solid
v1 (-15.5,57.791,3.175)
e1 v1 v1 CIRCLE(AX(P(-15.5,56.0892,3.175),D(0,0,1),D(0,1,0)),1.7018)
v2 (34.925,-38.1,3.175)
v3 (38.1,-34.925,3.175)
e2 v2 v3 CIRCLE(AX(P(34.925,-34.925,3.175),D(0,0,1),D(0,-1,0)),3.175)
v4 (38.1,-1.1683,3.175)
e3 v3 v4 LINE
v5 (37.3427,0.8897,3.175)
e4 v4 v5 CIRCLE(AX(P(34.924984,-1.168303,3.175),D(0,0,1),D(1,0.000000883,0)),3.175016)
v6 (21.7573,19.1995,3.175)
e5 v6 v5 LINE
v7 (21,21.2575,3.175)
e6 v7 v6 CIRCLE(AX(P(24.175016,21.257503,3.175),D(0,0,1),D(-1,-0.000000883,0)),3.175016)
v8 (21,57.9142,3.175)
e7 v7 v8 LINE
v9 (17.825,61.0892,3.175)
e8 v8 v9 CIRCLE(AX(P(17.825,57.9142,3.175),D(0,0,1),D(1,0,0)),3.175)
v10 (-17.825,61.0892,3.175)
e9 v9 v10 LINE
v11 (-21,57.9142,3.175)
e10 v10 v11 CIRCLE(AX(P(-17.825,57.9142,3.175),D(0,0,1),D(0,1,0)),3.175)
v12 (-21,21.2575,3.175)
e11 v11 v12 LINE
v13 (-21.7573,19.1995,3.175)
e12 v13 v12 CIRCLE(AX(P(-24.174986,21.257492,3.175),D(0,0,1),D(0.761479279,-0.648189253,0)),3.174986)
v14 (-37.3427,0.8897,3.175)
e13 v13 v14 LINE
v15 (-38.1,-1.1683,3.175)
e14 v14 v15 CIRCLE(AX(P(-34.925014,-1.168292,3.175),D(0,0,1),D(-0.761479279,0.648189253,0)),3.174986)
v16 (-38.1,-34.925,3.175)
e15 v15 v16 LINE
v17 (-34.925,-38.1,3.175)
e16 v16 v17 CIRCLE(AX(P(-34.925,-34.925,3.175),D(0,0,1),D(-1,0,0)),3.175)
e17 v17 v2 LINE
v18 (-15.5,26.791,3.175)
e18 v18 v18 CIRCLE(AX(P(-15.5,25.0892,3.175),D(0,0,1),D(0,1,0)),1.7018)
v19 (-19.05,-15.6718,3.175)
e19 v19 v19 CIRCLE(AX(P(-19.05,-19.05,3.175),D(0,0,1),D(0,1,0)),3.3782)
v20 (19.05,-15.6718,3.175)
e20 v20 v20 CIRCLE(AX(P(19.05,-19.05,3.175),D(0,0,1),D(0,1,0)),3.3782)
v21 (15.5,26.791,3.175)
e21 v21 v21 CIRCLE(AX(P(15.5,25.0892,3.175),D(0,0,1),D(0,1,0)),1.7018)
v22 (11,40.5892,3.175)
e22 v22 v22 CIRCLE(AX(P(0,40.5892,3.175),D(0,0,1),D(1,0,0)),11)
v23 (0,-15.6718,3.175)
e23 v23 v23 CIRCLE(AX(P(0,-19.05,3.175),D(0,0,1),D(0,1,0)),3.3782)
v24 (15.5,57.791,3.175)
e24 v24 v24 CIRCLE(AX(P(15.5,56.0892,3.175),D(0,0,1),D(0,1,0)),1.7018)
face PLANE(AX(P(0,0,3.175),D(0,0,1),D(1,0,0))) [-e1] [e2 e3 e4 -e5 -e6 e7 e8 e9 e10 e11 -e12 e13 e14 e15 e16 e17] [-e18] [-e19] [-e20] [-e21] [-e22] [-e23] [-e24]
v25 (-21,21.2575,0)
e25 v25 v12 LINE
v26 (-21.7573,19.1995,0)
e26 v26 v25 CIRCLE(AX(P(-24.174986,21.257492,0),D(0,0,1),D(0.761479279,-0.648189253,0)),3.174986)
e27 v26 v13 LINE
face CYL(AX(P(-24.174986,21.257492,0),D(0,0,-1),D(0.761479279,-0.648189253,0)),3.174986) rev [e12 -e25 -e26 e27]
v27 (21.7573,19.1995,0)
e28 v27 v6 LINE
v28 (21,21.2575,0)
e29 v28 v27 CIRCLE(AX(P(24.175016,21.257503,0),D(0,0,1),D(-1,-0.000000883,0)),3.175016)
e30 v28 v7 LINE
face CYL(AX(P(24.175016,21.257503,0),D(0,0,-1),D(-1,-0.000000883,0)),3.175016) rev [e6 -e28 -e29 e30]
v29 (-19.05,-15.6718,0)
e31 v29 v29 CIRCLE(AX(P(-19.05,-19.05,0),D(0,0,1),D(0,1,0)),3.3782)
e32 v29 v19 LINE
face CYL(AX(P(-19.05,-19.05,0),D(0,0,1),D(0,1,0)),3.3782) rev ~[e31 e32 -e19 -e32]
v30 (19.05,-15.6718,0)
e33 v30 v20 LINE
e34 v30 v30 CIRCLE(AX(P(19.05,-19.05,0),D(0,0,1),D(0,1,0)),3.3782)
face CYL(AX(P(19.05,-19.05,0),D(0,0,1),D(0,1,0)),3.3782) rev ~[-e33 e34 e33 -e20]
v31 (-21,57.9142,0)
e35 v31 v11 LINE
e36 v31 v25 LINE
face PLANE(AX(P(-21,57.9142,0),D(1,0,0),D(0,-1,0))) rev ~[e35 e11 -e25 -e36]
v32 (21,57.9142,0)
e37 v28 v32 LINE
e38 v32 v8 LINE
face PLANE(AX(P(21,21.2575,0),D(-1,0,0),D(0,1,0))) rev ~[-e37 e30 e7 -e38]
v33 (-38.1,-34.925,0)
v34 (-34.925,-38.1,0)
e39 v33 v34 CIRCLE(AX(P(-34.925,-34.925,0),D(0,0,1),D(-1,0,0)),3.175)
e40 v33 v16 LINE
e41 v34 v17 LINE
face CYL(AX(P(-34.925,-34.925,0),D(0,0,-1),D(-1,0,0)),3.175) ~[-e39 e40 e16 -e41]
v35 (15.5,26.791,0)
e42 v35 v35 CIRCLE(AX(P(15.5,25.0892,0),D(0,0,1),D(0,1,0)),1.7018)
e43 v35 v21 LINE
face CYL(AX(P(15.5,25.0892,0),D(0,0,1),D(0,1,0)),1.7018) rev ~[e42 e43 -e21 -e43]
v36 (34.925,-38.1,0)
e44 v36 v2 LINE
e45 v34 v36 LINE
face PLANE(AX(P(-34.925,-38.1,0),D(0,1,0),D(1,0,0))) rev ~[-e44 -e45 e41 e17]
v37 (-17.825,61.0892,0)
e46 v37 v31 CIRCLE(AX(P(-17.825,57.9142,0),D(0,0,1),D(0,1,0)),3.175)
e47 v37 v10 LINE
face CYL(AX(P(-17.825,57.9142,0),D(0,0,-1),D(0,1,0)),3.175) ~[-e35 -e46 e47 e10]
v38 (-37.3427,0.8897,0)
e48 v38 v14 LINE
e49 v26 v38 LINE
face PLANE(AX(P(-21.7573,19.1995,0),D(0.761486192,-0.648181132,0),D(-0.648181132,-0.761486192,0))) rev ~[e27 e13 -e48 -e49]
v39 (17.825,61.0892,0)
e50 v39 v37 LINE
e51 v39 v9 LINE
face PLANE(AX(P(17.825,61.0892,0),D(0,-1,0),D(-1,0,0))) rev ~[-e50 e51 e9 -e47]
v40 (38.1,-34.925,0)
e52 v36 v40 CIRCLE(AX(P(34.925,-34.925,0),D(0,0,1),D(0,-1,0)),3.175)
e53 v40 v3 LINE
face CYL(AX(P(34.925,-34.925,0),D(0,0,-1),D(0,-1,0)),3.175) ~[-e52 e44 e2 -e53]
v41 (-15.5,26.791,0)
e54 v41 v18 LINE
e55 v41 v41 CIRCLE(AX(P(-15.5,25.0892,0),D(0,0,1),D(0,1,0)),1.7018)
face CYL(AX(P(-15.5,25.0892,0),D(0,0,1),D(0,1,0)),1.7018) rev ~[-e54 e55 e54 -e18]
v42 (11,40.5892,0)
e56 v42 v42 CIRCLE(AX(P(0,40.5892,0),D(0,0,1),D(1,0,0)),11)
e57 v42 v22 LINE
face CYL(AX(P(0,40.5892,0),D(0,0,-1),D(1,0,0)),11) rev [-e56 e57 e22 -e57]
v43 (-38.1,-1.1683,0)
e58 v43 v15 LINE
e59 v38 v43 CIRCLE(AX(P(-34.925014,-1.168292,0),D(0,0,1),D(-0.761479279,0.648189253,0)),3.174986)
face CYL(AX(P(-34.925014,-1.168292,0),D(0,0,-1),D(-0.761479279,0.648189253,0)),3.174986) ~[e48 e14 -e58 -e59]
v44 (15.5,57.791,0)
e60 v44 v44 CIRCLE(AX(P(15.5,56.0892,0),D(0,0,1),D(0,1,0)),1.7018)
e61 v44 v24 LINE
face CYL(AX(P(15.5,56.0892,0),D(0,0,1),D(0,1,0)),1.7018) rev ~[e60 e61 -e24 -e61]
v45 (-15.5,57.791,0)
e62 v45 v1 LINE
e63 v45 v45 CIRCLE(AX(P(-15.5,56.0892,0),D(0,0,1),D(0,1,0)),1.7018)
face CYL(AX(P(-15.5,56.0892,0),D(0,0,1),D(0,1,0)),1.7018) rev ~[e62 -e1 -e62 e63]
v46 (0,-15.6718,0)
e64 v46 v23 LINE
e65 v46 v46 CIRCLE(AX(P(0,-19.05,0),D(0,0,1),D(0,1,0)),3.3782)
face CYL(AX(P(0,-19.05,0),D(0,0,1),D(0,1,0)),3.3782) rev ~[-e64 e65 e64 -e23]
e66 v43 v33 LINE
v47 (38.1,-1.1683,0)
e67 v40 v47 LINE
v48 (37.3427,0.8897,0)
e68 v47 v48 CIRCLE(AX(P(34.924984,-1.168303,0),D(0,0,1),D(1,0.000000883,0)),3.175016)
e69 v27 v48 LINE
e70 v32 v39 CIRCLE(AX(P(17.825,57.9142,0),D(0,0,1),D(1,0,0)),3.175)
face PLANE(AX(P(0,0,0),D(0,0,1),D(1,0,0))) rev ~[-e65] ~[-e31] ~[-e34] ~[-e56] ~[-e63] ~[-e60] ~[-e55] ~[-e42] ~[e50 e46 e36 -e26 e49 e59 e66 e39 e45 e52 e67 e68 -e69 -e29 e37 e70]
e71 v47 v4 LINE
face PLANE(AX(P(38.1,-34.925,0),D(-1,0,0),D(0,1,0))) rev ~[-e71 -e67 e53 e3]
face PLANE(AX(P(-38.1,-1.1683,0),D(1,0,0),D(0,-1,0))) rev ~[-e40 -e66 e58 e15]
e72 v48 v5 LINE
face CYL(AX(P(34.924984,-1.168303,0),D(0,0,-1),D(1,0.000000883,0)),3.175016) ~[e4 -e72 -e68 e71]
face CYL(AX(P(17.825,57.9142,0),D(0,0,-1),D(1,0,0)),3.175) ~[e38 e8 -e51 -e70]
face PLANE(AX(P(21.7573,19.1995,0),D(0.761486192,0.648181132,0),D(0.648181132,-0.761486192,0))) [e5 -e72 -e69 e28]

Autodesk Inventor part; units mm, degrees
ref_plane "YZ Plane" through (0, 0, 0) normal (1, 0, 0) x (0, 1, 0)
ref_plane "XZ Plane" through (0, 0, 0) normal (0, 1, 0) x (-1, 0, 0)
ref_plane "XY Plane" through (0, 0, 0) normal (0, 0, 1) x (1, 0, 0)
sketch "Sketch1" plane through (0, 0, 0) normal (0, 0, 1) x (1, 0, 0)
  line L0 (0, 0) -> (0, 40.5892) construction
  line L1 (0, 0) -> (0, -19.05) construction
  circle A0 centre (0, 40.5892) radius 11
  line L2 (-15.5, 25.0892) -> (15.5, 25.0892) construction
  line L3 (15.5, 25.0892) -> (15.5, 56.0892) construction
  line L4 (15.5, 56.0892) -> (-15.5, 56.0892) construction
  line L5 (-15.5, 56.0892) -> (-15.5, 25.0892) construction
  line L6 (-15.5, 25.0892) -> (15.5, 56.0892) construction
  line L7 (15.5, 25.0892) -> (-15.5, 56.0892) construction
  line L8 (-21, 20.0892) -> (21, 20.0892) construction
  line L9 (21, 21.2575) -> (21, 57.9142)
  line L10 (17.825, 61.0892) -> (-17.825, 61.0892)
  line L11 (-21, 57.9142) -> (-21, 21.2575)
  line L12 (-21, 20.0892) -> (21, 61.0892) construction
  line L13 (21, 20.0892) -> (-21, 61.0892) construction
  line L14 (0, -19.05) -> (0, -38.1) construction
  line L15 (19.05, -19.05) -> (38.1, -19.05) construction
  line L16 (-19.05, -19.05) -> (-38.1, -19.05) construction
  line L17 (-34.925, -38.1) -> (34.925, -38.1)
  line L18 (38.1, -34.925) -> (38.1, -1.1683)
  line L19 (38.1, 0) -> (-38.1, 0) construction
  line L20 (-38.1, -1.1683) -> (-38.1, -34.925)
  line L21 (-21.7573, 19.1995) -> (-37.3427, 0.8897)
  line L22 (21.7573, 19.1995) -> (37.3427, 0.8897)
  arc A1 (-17.825, 61.0892) -> (-21, 57.9142) centre (-17.825, 57.9142) ccw
  arc A2 (-21.7573, 19.1995) -> (-21, 21.2575) centre (-24.175, 21.2575) ccw
  arc A3 (21, 21.2575) -> (21.7573, 19.1995) centre (24.175, 21.2575) ccw
  arc A4 (38.1, -1.1683) -> (37.3427, 0.8897) centre (34.925, -1.1683) ccw
  arc A5 (34.925, -38.1) -> (38.1, -34.925) centre (34.925, -34.925) ccw
  arc A6 (-38.1, -34.925) -> (-34.925, -38.1) centre (-34.925, -34.925) ccw
  arc A7 (-37.3427, 0.8897) -> (-38.1, -1.1683) centre (-34.925, -1.1683) ccw
  arc A8 (21, 57.9142) -> (17.825, 61.0892) centre (17.825, 57.9142) ccw
  point P0 (-38.1, -38.1)
  point P1 (38.1, -38.1)
  dimension "d0" = 40.5892
  dimension "d1" = 19.05
  dimension "d2" = 22
  dimension "d3" = 31
  dimension "d4" = 31
  dimension "d5" = 42
  dimension "d6" = 41
  dimension "d10" = 19.05
  dimension "d11" = 19.05
  dimension "d12" = 19.05
  dimension "d13" = 19.05
  dimension "d14" = 19.05
  dimension "d15" = 19.05
  dimension "d16" = 19.05
  dimension "d17" = 76.2
  dimension "d18" = 19.05
  dimension "d19" = 19.05
  dimension "d20" = 38.1
  dimension "d22" = 38.1
  dimension "d23" = 3.175
  dimension "d24" = 3.175
  dimension "d25" = 3.175
extrude "Extrusion1" add sketch "Sketch1" along normal blind 3.175
hole "Hole1" at (0, -19.05, 0) at (0, 40.5892, 0) at (19.05, -19.05, 0) at (-19.05, -19.05, 0) direction (0, 0, 1) diameter 6.7564 end through all clearance for "Flat Head Machine Screw (82)" size "1/4" standard "Ansi Unified Screw Threads"
hole "Hole2" at (-15.5, 56.0892, 0) at (-15.5, 25.0892, 0) at (15.5, 25.0892, 0) at (15.5, 56.0892, 0) direction (0, 0, 1) diameter 3.4036 end through all clearance for "Flat Head Machine Screw" size "M3" standard "Ansi Metric M Profile"
properties part number "y_motor_mount"
